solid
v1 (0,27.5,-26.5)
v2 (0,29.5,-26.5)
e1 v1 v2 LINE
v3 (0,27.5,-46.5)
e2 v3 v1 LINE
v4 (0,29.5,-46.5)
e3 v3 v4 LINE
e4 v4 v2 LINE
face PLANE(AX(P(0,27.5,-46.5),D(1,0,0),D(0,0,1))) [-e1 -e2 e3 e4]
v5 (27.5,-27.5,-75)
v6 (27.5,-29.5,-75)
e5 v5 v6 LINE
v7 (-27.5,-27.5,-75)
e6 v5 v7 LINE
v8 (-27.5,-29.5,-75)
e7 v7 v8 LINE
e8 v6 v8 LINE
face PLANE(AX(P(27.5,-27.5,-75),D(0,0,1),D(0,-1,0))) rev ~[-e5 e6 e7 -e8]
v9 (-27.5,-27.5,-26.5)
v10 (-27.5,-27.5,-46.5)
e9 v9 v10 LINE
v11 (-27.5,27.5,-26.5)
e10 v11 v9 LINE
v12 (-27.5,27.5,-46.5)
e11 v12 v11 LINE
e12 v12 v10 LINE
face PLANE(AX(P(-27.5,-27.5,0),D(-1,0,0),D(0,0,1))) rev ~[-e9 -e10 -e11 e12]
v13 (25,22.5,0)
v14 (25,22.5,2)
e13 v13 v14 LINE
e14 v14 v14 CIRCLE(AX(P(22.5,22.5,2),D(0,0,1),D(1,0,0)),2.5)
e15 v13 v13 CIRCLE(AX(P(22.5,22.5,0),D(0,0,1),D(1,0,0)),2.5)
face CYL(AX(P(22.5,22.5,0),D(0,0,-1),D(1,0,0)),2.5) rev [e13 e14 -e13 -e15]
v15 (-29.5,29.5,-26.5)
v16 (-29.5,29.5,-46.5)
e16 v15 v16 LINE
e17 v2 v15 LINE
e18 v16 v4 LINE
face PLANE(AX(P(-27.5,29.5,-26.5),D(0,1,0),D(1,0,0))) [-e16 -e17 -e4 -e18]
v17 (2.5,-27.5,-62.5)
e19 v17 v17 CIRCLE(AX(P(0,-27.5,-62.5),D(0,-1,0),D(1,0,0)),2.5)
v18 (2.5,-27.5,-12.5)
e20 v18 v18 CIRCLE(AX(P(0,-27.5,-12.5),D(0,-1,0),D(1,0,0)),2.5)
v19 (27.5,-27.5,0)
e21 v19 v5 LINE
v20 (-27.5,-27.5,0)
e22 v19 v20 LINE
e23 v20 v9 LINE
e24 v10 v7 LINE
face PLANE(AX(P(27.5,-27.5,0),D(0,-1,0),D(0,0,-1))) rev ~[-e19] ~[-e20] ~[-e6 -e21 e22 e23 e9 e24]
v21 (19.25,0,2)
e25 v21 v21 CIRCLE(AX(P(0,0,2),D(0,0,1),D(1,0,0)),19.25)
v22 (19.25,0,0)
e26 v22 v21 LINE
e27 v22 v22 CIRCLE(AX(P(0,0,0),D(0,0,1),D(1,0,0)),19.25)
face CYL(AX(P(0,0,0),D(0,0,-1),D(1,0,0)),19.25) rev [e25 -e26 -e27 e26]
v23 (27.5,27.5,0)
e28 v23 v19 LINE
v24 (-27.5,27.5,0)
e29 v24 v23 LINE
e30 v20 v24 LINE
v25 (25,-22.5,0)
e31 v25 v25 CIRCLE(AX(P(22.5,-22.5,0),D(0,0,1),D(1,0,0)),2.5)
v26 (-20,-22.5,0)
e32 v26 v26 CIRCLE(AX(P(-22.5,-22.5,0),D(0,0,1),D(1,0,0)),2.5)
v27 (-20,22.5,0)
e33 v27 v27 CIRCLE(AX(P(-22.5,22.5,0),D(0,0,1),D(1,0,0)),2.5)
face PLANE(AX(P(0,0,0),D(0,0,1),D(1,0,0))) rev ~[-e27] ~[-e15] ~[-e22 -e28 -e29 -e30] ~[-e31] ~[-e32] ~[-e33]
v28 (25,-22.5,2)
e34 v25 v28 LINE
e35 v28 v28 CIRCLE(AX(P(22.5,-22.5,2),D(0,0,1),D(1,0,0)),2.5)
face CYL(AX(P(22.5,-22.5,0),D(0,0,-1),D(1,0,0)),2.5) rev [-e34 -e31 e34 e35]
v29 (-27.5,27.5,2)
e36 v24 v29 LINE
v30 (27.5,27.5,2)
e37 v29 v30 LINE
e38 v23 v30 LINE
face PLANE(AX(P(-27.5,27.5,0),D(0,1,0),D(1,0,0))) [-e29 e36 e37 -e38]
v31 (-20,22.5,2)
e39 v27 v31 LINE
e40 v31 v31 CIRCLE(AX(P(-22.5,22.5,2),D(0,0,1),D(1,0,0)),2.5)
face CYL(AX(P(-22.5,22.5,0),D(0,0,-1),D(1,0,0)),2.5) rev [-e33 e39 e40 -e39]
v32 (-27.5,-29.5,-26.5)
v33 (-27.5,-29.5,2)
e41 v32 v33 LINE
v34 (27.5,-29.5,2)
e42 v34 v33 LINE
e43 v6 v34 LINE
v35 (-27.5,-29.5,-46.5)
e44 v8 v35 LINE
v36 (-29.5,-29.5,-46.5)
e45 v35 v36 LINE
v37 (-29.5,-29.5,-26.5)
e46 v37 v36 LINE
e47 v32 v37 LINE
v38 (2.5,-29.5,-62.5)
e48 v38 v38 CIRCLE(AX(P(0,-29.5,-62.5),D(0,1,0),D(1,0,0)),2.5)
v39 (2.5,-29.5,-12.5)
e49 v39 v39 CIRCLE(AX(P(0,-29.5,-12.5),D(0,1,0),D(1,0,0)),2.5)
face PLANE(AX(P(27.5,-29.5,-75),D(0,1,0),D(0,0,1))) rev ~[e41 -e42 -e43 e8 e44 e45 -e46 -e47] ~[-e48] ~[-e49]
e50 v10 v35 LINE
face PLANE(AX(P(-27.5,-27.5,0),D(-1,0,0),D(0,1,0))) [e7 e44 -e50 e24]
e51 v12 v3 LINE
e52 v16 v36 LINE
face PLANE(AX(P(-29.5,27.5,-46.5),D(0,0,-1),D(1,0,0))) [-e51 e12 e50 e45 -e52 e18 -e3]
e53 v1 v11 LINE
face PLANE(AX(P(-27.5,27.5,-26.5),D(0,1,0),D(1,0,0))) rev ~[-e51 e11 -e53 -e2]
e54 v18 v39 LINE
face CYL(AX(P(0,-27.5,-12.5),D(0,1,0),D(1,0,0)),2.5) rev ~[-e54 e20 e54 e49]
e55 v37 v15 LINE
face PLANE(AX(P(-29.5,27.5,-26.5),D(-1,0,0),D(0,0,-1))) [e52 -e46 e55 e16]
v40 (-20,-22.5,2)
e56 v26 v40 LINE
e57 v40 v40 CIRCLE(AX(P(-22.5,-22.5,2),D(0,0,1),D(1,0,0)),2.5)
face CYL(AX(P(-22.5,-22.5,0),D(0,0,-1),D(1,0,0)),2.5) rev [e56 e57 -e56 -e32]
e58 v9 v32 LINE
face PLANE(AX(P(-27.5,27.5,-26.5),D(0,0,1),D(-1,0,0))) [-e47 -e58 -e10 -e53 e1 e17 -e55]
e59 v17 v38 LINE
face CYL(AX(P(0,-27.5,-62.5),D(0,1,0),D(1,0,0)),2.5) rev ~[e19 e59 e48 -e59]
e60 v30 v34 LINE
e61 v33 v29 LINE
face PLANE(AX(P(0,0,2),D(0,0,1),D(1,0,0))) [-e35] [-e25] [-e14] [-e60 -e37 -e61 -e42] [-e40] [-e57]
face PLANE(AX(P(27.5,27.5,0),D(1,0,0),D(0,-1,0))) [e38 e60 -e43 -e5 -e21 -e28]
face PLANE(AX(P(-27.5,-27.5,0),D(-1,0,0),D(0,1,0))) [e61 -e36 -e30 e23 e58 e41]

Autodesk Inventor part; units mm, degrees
ref_plane "YZ Plane" through (0, 0, 0) normal (1, 0, 0) x (0, 1, 0)
ref_plane "XZ Plane" through (0, 0, 0) normal (0, 1, 0) x (-1, 0, 0)
ref_plane "XY Plane" through (0, 0, 0) normal (0, 0, 1) x (1, 0, 0)
sketch "Sketch1" plane through (0, 0, 0) normal (0, 0, 1) x (1, 0, 0)
  line L0 (-27.5, 27.5) -> (27.5, 27.5)
  line L1 (27.5, 27.5) -> (27.5, -27.5)
  line L2 (27.5, -27.5) -> (-27.5, -27.5)
  line L3 (-27.5, -27.5) -> (-27.5, 27.5)
  circle A0 centre (-22.5, 22.5) radius 2.5
  circle A1 centre (22.5, 22.5) radius 2.5
  circle A2 centre (-22.5, -22.5) radius 2.5
  circle A3 centre (22.5, -22.5) radius 2.5
  circle A4 centre (0, 0) radius 19.25
  dimension "d1" = 55
  dimension "d2" = 55
  dimension "d3" = 27.5
  dimension "d4" = 27.5
  dimension "d5" = 38.5
  dimension "d6" = 5
  dimension "d7" = 5
  dimension "d8" = 5
  dimension "d9" = 5
  dimension "d10" = 5
  dimension "d11" = 5
  dimension "d12" = 5
  dimension "d13" = 5
  dimension "d14" = 5
  dimension "d15" = 5
  dimension "d16" = 5
  dimension "d17" = 5
extrude "Extrusion1" add sketch "Sketch1" along normal blind 2
sketch "Sketch2" plane through (27.5, -27.5, 0) normal (1, 0, 0) x (0, 0, -1)
  line L0 (0, 0) -> (-2, 0) projected
  line L1 (0, 0) -> (75, 0)
  line L2 (75, 0) -> (75, -2)
  line L3 (75, -2) -> (-2, -2)
  line L4 (-2, -2) -> (-2, 0)
  point P0 (0, 27.5)
  dimension "d20" = 75
  dimension "d21" = 2
  dimension "d22" = 77
extrude "Extrusion2" add sketch "Sketch2" against normal blind 55
sketch "Sketch3" plane through (-27.5, -27.5, 0) normal (-1, 0, 0) x (0, 0, 1)
  line L0 (-75, -2) -> (2, -2) projected
  line L1 (-36.5, -2) -> (-36.5, 55)
  line L2 (0, 0) -> (-75, 0) projected
  line L3 (-36.5, 55) -> (-46.5, 55)
  line L4 (-46.5, 55) -> (-46.5, -2)
  line L5 (-46.5, -2) -> (-26.5, -2)
  line L6 (-26.5, -2) -> (-26.5, 55)
  line L7 (-26.5, 55) -> (-36.5, 55)
  point P0 (0, 27.5)
  dimension "d25" = 57
  dimension "d26" = 10
  dimension "d27" = 57
  dimension "d28" = 20
  dimension "d29" = 57
extrude "Extrusion3" add sketch "Sketch3" along normal blind 2
sketch "Sketch4" plane through (-27.5, 27.5, -26.5) normal (0, 1, 0) x (1, 0, 0)
  line L0 (-2, 0) -> (-2, 20) projected
  line L1 (-2, 20) -> (27.5, 20)
  line L2 (27.5, 20) -> (27.5, 0)
  line L3 (0, 0) -> (-2, 0) projected
  line L4 (27.5, 0) -> (-2, 0)
  line L5 (-2, 0) -> (-2, 20)
  point P0 (27.5, -26.5)
  dimension "d32" = 29.5
  dimension "d33" = 20
extrude "Extrusion4" add sketch "Sketch4" along normal blind 2
sketch "Sketch5" plane through (27.5, -27.5, 0) normal (0, 1, 0) x (1, 0, 0)
  line L0 (0, 75) -> (0, 0) projected
  line L1 (0, 37.5) -> (-27.5, 37.5)
  line L2 (-27.5, 37.5) -> (-27.5, 62.5)
  line L3 (-27.5, 26.5) -> (-27.5, 46.5) projected
  line L4 (-27.5, 37.5) -> (-27.5, 12.5)
  circle A0 centre (-27.5, 62.5) radius 2.5
  circle A1 centre (-27.5, 12.5) radius 2.5
  point P0 (-27.5, 0)
  dimension "d36" = 27.5
  dimension "d37" = 25
  dimension "d38" = 25
  dimension "d39" = 5
  dimension "d40" = 5
extrude "Extrusion5" cut sketch "Sketch5" against normal blind 2
equation "\"BendRadius\" = Thickness"
equation "\"BendReliefWidth\" = Thickness"
equation "\"BendReliefDepth\" = 0.5 * Thickness"
equation "\"CornerReliefSize\" = 4 * Thickness"
equation "\"MinimumRemnant\" = 2 * Thickness"
equation "\"TransitionRadius\" = BendRadius"
equation "\"JacobiRadiusSize\" = Thickness"
equation "\"GapSize\" = Thickness"
equation "\"Thickness\" = 0.5"
properties part number "MotorClamp"
